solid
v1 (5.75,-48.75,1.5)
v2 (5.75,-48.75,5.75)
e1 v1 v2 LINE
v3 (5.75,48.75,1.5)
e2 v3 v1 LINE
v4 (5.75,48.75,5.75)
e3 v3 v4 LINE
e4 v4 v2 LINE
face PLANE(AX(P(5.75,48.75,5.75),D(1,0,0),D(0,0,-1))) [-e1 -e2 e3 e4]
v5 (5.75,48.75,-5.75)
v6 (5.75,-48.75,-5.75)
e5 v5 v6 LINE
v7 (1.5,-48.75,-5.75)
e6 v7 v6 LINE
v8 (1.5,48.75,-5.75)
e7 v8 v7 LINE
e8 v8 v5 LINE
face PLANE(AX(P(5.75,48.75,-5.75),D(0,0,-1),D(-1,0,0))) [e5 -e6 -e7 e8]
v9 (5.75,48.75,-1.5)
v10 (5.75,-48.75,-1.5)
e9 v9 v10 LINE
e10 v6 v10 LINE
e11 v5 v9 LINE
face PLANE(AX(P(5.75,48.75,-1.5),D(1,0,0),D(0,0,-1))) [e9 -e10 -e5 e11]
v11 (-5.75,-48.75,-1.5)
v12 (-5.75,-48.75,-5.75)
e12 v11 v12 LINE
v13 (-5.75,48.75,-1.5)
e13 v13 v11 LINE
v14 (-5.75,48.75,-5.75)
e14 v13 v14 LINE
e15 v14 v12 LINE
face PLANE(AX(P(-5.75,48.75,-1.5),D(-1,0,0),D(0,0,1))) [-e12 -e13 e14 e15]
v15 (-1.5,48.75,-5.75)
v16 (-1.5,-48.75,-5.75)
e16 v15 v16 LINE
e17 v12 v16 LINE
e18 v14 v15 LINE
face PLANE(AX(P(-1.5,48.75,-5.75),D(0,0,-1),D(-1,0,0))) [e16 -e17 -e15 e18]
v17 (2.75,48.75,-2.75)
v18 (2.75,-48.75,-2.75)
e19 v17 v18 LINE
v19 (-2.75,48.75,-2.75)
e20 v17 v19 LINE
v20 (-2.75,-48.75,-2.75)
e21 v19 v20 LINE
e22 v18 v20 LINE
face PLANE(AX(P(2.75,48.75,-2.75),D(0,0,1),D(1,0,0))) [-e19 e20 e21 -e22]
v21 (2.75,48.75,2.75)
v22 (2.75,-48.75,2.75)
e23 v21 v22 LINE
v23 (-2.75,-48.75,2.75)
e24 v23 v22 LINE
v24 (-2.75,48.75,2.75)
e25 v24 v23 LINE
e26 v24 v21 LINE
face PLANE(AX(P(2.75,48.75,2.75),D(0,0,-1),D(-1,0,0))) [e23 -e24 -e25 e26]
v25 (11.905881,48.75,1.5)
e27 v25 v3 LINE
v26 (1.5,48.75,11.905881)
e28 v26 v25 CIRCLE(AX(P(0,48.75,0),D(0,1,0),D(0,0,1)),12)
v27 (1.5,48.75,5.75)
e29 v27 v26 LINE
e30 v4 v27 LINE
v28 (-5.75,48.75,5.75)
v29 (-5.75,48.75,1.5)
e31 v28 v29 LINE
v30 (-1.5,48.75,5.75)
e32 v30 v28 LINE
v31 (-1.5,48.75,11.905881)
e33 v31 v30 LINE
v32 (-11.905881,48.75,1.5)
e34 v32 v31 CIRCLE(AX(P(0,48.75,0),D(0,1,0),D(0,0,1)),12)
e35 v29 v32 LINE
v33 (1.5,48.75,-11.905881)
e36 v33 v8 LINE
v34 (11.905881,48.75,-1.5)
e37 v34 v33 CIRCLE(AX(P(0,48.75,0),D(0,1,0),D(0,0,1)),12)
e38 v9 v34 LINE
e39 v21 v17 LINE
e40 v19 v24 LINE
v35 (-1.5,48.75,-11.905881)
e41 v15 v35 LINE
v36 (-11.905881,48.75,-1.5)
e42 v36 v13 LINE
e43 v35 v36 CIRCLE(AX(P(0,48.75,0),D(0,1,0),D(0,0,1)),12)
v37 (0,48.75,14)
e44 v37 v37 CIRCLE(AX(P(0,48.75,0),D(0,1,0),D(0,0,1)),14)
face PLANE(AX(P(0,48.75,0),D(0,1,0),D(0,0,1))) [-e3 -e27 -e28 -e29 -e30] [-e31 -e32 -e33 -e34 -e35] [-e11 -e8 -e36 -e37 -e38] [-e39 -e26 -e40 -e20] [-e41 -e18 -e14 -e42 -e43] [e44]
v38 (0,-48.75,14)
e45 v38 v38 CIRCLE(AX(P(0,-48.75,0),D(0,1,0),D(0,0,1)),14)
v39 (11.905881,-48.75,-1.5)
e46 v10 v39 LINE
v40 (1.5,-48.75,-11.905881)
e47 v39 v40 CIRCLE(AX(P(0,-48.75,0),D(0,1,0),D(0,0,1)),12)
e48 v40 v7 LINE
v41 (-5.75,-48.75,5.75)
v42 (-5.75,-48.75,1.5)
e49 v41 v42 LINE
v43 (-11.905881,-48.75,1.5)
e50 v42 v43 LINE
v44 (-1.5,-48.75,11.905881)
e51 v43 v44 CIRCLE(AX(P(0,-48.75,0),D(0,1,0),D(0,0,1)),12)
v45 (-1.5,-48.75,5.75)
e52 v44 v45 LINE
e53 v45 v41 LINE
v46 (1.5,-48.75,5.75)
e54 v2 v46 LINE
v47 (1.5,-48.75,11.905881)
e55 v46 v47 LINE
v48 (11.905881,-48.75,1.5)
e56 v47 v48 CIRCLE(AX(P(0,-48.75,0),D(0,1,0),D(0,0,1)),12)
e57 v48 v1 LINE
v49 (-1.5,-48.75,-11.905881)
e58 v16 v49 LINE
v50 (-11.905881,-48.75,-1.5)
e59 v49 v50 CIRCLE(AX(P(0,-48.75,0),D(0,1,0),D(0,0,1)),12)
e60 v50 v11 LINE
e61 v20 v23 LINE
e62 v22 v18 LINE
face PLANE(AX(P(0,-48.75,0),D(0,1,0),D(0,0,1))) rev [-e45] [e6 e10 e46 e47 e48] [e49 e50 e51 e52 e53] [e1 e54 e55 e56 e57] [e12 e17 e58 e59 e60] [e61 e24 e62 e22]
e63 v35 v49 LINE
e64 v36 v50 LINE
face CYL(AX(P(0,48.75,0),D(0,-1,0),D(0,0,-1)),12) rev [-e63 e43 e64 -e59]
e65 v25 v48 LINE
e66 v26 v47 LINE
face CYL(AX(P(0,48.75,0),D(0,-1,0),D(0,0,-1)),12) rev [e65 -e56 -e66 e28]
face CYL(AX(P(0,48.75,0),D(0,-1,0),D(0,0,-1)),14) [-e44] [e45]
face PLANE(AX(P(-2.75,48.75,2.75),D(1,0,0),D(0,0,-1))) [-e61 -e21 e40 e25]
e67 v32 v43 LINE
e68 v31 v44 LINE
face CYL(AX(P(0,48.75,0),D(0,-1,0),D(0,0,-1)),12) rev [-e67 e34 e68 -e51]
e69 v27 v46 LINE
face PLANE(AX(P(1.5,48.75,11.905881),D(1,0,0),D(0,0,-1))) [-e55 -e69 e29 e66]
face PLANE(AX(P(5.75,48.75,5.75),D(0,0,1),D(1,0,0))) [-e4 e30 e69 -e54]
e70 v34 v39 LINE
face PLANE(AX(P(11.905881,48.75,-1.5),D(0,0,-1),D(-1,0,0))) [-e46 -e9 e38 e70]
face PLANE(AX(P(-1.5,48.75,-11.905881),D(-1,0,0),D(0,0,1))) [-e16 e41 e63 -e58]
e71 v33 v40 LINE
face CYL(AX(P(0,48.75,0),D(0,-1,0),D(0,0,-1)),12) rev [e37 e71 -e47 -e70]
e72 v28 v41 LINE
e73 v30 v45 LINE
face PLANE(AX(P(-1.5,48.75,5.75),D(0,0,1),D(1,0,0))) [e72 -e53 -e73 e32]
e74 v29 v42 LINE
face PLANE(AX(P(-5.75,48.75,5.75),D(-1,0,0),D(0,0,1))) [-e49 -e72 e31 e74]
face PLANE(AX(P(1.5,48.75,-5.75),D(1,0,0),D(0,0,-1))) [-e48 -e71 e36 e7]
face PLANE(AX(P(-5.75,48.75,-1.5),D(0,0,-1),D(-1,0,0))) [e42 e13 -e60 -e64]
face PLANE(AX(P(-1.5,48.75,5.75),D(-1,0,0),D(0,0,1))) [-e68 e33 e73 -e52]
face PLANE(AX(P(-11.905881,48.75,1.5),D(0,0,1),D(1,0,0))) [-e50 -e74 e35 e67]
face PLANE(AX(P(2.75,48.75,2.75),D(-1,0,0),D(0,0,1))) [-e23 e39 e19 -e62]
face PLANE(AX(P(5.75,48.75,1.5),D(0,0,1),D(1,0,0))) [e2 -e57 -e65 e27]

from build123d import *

# Parameters (mm, degrees)
SKETCH1_R  = 14
SKETCH1_W  = 5.5
SKETCH1_H  = 5.5
BODY_DEPTH = 48.75


with BuildPart() as part:
    # Sketch1 → Body (new, symmetric)
    with BuildSketch(Plane(origin=(0, 0, 0), x_dir=(1, 0, 0), z_dir=(0, 1, 0))):
        with Locations(Location((0, 0, 0), (0, 0, 270))):
            Circle(SKETCH1_R)
        with BuildLine():
            Line((-5.75, 1.5), (-11.9058809, 1.5))
            ThreePointArc((-11.9058809, 1.5), (-8.485281374, 8.485281374), (-1.5, 11.9058809))
            Line((-1.5, 11.9058809), (-1.5, 5.75))
            Line((-1.5, 5.75), (-5.75, 5.75))
            Line((-5.75, 5.75), (-5.75, 1.5))
        make_face(mode=Mode.SUBTRACT)
        with BuildLine():
            Line((5.75, -5.75), (1.5, -5.75))
            Line((1.5, -5.75), (1.5, -11.9058809))
            ThreePointArc((1.5, -11.9058809), (8.485281374, -8.485281374), (11.9058809, -1.5))
            Line((11.9058809, -1.5), (5.75, -1.5))
            Line((5.75, -1.5), (5.75, -5.75))
        make_face(mode=Mode.SUBTRACT)
        with BuildLine():
            Line((5.75, 5.75), (1.5, 5.75))
            Line((1.5, 5.75), (1.5, 11.9058809))
            ThreePointArc((1.5, 11.9058809), (8.485281374, 8.485281374), (11.9058809, 1.5))
            Line((11.9058809, 1.5), (5.75, 1.5))
            Line((5.75, 1.5), (5.75, 5.75))
        make_face(mode=Mode.SUBTRACT)
        with BuildLine():
            Line((-5.75, -5.75), (-5.75, -1.5))
            Line((-5.75, -1.5), (-11.9058809, -1.5))
            ThreePointArc((-11.9058809, -1.5), (-8.485281374, -8.485281374), (-1.5, -11.9058809))
            Line((-1.5, -11.9058809), (-1.5, -5.75))
            Line((-1.5, -5.75), (-5.75, -5.75))
        make_face(mode=Mode.SUBTRACT)
        Rectangle(SKETCH1_W, SKETCH1_H, mode=Mode.SUBTRACT)
    extrude(amount=BODY_DEPTH, both=True)


solid = part.part
